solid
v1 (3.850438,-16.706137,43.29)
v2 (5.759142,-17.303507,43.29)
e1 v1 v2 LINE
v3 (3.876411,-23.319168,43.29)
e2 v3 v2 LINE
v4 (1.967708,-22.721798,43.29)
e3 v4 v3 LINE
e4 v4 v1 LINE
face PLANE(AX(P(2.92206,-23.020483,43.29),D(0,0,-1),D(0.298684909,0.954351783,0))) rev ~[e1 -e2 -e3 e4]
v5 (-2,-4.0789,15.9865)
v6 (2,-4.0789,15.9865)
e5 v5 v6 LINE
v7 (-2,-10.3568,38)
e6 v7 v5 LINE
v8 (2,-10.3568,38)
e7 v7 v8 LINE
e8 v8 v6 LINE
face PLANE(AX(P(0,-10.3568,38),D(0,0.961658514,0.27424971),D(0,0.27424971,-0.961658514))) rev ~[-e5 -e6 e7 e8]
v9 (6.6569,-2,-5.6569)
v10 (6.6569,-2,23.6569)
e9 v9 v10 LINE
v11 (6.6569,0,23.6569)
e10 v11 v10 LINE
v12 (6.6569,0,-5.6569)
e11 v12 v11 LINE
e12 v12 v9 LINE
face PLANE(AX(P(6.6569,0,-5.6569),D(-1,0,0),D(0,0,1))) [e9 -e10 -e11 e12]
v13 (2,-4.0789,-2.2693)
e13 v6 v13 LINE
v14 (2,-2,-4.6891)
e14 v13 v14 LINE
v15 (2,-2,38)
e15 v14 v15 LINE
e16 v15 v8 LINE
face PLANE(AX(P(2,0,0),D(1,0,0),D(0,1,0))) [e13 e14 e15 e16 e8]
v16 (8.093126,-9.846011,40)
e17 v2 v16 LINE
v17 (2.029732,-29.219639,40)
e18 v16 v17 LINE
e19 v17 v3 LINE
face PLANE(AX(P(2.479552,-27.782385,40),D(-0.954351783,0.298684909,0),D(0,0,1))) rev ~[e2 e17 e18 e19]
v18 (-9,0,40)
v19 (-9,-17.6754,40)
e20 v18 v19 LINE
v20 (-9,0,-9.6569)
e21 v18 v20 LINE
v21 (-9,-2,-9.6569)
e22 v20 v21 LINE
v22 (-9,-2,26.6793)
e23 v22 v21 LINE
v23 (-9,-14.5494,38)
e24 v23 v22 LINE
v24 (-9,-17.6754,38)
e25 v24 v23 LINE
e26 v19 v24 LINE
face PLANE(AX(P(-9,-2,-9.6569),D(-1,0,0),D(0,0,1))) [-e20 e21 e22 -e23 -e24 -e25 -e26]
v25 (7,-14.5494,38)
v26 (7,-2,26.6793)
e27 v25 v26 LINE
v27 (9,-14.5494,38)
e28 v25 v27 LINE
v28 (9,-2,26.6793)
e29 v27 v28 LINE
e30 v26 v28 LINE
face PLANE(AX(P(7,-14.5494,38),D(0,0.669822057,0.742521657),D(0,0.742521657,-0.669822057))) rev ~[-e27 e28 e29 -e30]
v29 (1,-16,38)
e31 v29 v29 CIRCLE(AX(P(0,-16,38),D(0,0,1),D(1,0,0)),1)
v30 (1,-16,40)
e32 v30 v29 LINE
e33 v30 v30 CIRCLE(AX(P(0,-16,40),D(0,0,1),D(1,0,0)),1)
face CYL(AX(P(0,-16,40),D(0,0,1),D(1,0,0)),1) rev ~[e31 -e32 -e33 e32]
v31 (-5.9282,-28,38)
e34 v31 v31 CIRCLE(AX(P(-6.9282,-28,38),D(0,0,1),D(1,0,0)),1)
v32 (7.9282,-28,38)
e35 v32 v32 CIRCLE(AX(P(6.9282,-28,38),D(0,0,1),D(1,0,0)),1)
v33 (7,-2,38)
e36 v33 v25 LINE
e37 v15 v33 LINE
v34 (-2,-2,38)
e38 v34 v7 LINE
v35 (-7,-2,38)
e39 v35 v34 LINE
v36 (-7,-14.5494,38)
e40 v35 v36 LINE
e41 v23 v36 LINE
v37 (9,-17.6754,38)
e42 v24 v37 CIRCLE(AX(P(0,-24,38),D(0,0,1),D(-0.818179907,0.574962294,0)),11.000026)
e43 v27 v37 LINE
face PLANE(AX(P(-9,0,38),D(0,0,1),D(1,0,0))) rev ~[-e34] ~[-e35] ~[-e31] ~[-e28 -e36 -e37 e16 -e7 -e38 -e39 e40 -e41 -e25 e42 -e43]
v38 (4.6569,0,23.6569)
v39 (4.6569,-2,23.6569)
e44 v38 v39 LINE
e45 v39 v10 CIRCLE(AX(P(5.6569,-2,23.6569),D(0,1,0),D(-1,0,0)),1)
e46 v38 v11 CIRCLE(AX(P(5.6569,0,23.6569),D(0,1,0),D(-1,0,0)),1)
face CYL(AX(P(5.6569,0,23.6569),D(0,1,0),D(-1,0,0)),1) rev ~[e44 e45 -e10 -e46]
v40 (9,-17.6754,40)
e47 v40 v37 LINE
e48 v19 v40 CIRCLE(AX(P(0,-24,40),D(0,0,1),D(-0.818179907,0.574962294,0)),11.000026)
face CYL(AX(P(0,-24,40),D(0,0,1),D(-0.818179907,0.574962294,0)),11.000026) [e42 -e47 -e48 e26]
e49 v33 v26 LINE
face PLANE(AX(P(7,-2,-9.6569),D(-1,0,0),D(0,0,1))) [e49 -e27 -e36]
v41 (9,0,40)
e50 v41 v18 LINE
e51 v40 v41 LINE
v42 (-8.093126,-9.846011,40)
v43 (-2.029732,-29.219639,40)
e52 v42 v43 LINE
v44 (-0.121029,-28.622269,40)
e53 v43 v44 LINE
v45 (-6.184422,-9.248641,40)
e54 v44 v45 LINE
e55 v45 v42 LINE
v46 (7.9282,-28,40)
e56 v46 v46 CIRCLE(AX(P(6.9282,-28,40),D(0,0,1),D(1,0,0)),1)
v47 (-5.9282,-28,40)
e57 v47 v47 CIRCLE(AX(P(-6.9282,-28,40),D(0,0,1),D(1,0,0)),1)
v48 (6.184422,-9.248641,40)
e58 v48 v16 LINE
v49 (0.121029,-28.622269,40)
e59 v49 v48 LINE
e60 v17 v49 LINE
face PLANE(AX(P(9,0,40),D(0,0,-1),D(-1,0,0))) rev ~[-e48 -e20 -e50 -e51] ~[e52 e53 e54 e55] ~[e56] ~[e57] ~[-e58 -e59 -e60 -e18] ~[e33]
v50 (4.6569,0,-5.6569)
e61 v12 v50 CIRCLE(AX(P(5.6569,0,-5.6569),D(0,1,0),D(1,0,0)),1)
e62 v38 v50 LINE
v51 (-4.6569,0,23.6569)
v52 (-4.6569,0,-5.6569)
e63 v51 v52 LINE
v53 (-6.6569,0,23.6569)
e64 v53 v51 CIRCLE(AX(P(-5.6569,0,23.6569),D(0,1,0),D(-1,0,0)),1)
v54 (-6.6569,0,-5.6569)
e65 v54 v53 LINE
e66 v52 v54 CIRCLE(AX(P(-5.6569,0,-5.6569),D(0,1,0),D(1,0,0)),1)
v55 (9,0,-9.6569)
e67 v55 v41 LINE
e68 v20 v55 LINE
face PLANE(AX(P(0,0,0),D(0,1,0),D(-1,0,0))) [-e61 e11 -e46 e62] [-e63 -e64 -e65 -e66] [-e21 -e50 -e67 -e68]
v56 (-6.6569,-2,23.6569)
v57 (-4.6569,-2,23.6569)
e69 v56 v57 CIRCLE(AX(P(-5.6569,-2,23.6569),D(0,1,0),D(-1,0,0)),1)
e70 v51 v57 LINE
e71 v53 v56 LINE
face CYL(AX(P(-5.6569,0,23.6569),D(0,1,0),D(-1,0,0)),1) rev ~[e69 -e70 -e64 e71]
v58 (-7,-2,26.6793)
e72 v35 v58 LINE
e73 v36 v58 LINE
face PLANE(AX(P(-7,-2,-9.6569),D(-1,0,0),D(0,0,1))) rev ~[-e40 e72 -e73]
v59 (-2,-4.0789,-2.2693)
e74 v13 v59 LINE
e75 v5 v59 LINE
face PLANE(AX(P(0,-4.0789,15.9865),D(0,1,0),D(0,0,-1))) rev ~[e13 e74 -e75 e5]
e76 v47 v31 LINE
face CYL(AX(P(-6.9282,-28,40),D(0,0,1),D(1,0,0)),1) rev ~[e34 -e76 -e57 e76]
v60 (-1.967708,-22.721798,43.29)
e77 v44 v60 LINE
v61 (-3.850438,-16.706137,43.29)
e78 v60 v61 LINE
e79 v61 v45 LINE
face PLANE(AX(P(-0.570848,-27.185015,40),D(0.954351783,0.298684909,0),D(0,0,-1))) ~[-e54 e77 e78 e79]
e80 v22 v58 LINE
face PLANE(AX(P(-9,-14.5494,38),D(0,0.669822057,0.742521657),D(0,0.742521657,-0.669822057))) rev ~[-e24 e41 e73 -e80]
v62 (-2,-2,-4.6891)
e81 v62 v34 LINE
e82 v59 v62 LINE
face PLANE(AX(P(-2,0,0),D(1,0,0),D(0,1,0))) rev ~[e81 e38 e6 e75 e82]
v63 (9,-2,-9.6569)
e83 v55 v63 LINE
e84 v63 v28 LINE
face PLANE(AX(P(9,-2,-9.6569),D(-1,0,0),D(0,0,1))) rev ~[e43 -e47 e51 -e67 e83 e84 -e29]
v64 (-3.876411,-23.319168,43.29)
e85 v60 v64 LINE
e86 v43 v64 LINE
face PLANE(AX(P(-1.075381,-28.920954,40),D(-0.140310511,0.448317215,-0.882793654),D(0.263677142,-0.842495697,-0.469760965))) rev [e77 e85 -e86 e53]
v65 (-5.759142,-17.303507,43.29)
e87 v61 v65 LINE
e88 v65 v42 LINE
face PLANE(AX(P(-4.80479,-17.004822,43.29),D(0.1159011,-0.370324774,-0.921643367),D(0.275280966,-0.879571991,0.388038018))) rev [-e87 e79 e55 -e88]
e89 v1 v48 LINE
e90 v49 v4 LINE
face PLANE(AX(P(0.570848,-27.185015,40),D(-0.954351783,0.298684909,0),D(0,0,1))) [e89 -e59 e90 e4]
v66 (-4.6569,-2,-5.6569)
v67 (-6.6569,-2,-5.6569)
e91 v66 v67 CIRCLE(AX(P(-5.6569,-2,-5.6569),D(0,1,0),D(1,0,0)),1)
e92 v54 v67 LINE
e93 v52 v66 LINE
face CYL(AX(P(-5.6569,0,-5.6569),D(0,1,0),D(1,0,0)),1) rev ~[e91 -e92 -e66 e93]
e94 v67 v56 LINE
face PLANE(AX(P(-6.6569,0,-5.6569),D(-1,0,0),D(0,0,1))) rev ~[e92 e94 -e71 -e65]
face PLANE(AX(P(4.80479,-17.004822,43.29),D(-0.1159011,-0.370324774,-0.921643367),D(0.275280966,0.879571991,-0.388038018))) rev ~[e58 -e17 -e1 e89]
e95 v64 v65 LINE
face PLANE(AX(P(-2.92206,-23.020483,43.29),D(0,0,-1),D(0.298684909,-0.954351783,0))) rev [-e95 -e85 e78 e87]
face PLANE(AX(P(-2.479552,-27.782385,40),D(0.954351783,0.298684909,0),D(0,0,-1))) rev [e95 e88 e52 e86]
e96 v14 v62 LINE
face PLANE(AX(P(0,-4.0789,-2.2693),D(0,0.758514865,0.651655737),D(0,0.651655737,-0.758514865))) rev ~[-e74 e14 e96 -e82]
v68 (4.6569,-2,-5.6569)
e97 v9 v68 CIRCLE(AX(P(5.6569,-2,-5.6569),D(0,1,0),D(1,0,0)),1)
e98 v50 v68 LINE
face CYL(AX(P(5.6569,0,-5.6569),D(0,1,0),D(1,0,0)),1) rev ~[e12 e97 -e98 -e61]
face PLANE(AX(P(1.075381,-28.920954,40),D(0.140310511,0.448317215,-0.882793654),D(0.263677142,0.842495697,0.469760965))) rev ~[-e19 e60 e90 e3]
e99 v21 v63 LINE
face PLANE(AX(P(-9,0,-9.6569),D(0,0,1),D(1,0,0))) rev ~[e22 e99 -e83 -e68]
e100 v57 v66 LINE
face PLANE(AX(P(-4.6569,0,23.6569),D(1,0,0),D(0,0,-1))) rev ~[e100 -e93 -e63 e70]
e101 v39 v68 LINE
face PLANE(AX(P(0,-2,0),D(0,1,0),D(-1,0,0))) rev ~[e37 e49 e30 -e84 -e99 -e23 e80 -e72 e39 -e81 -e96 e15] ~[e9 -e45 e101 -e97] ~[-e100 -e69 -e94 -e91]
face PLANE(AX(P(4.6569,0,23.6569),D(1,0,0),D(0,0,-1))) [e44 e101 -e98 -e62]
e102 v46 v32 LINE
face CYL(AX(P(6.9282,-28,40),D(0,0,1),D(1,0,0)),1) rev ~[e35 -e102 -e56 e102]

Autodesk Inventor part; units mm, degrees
ref_plane "XZ Plane" through (0, 0, 0) normal (0, 1, 0) x (-1, 0, 0)
ref_plane "XY Plane" through (0, 0, 0) normal (0, 0, 1) x (1, 0, 0)
sketch "Sketch1" plane through (0, 0, 0) normal (0, 1, 0) x (-1, 0, 0)
  line L0 (-9, 40) -> (9, 40)
  line L1 (9, 40) -> (9, -9.6569)
  line L2 (9, -9.6569) -> (-9, -9.6569)
  line L3 (-9, -9.6569) -> (-9, 40)
  line L4 (-9, 40) -> (9, -9.6569) construction
  line L5 (9, 40) -> (-9, -9.6569) construction
  line L6 (0, -32.0453) -> (0, 52.0076) construction
  line L7 (-14.8076, 0) -> (25.8453, 0) construction
  line L8 (0, 0) -> (20.0378, -20.0378) construction
  line L9 (5.6569, -6.6569) -> (5.6569, 24.6569) construction
  line L10 (6.6569, -5.6569) -> (6.6569, 23.6569)
  line L11 (4.6569, 23.6569) -> (4.6569, -5.6569)
  arc A0 (4.6569, -5.6569) -> (6.6569, -5.6569) centre (5.6569, -5.6569) ccw
  arc A1 (6.6569, 23.6569) -> (4.6569, 23.6569) centre (5.6569, 23.6569) ccw
  line L12 (0, 0) -> (13.8345, 13.8345) construction
  line L13 (-5.6569, -6.6569) -> (-5.6569, 24.6569) construction
  line L14 (-6.6569, -5.6569) -> (-6.6569, 23.6569)
  line L15 (-4.6569, 23.6569) -> (-4.6569, -5.6569)
  arc A2 (-6.6569, -5.6569) -> (-4.6569, -5.6569) centre (-5.6569, -5.6569) ccw
  arc A3 (-4.6569, 23.6569) -> (-6.6569, 23.6569) centre (-5.6569, 23.6569) ccw
  point P0 (0, 15.1716)
  point P1 (0, 15.1716)
  point P2 (5.6569, -5.6569)
  point P3 (5.6569, 9)
  point P4 (5.6569, 5.6569)
  point P5 (-5.6569, -5.6569)
  point P6 (-5.6569, 9)
  point P7 (-5.6569, 5.6569)
  dimension "d34" = 18
  dimension "d35" = 45
  dimension "d36" = 8
  dimension "d37" = 2
  dimension "d38" = 0
  dimension "d40" = 45
  dimension "d41" = 18
  dimension "d42" = 4
  dimension "d43" = 40
extrude "Extrusion1" add sketch "Sketch1" against normal blind 2
sketch "Sketch4" plane through (-9, 0, 40) normal (0, 0, 1) x (1, 0, 0)
  line L0 (18, 0) -> (18, -2) construction
  line L1 (0, 0) -> (18, 0)
  line L2 (18, 0) -> (18, -17.6754)
  line L3 (9, -39.0627) -> (9, -2) construction
  line L4 (18, -2) -> (0, -2) construction
  line L5 (9, -24) -> (14.2107, -27.0084) construction
  circle A0 centre (15.9282, -28) radius 1
  circle A1 centre (9, -16) radius 1
  circle A2 centre (2.0718, -28) radius 1
  arc A3 (0, -17.6754) -> (18, -17.6754) centre (9, -24) ccw
  line L6 (0, -17.6754) -> (0, 0)
  point P0 (9, 0)
  dimension "d44" = 60
  dimension "d45" = 2
  dimension "d46" = 8
  dimension "d49" = 360
  dimension "d51" = 22
  dimension "d53" = 22
extrude "Extrusion4" add sketch "Sketch4" against normal blind 2
sketch "Sketch5" plane through (-9, -2, -9.6569) normal (-1, 0, 0) x (0, 0, 1)
  line L0 (47.6569, 0) -> (47.6569, -15.6754) projected
  line L1 (47.6569, -12.5494) -> (36.3362, 0)
  line L2 (47.6569, 0) -> (0, 0) projected
  line L3 (47.6569, 0) -> (47.6569, -12.5494)
  line L4 (47.6569, 0) -> (36.3362, 0)
  point P0 (9.6569, 2)
extrude "Extrusion5" add sketch "Sketch5" against normal blind 2
pattern_linear "Rectangular Pattern1" count 2 spacing 16 along (1, 0, 0) of "Extrusion5"
sketch "Sketch6" plane through (0, 0, 0) normal (1, 0, 0) x (0, 1, 0)
  line L0 (-14.5494, 38) -> (-2, 38) construction
  line L1 (-10.3568, 38) -> (-4.0789, 15.9865)
  line L2 (0, 40) -> (0, -9.6569) projected
  line L3 (-2, 38) -> (-10.3568, 38)
  line L4 (-4.0789, 15.9865) -> (-4.0789, -2.2693)
  line L5 (-4.0789, -2.2693) -> (-2, -4.6891)
  line L6 (-2, -4.6891) -> (-2, 38)
  point P0 (0, 0)
extrude "Extrusion6" add sketch "Sketch6" along normal mid plane 4
sketch "Sketch7" plane through (-9, 0, 40) normal (0, 0, 1) x (1, 0, 0)
  circle A0 centre (9, -16) radius 1 construction
  circle A1 centre (9, -16) radius 2 construction
  circle A2 centre (15.9282, -28) radius 1 construction
  circle A3 centre (15.9282, -28) radius 2 construction
  point P0 (9, 0)
  point P1 (14.689, -14.1786)
  point P2 (10.5252, -27.4837)
  dimension "d63" = 4
  dimension "d64" = 4
ref_plane "Work Plane2" through (1.5252, -27.4837, 40) normal (-0.9544, 0.2987, 0) x (0, 0, 1)
sketch "Sketch8" plane through (1.5252, -27.4837, 40) normal (-0.9544, 0.2987, 0) x (0, 0, 1)
  line L0 (0, 11.593) -> (0, -8.1309) projected
  line L1 (0, -1.506) -> (3.29, 4.6767)
  line L2 (3.29, 4.6767) -> (3.29, 10.9801)
  line L3 (3.29, 10.9801) -> (0, 18.7943)
  line L4 (0, 23.0857) -> (0, 6.217) projected
  line L5 (0, -1.506) -> (0, 18.7943)
  point P0 (-40, 25.7737)
extrude "Extrusion7" add sketch "Sketch8" along normal mid plane 2
mirror "Mirror1" about plane through (0, 0, 0) normal (1, 0, 0) of "Extrusion7"
properties part number "gimbal_yaw_brushless" material "ABS Plastic"
